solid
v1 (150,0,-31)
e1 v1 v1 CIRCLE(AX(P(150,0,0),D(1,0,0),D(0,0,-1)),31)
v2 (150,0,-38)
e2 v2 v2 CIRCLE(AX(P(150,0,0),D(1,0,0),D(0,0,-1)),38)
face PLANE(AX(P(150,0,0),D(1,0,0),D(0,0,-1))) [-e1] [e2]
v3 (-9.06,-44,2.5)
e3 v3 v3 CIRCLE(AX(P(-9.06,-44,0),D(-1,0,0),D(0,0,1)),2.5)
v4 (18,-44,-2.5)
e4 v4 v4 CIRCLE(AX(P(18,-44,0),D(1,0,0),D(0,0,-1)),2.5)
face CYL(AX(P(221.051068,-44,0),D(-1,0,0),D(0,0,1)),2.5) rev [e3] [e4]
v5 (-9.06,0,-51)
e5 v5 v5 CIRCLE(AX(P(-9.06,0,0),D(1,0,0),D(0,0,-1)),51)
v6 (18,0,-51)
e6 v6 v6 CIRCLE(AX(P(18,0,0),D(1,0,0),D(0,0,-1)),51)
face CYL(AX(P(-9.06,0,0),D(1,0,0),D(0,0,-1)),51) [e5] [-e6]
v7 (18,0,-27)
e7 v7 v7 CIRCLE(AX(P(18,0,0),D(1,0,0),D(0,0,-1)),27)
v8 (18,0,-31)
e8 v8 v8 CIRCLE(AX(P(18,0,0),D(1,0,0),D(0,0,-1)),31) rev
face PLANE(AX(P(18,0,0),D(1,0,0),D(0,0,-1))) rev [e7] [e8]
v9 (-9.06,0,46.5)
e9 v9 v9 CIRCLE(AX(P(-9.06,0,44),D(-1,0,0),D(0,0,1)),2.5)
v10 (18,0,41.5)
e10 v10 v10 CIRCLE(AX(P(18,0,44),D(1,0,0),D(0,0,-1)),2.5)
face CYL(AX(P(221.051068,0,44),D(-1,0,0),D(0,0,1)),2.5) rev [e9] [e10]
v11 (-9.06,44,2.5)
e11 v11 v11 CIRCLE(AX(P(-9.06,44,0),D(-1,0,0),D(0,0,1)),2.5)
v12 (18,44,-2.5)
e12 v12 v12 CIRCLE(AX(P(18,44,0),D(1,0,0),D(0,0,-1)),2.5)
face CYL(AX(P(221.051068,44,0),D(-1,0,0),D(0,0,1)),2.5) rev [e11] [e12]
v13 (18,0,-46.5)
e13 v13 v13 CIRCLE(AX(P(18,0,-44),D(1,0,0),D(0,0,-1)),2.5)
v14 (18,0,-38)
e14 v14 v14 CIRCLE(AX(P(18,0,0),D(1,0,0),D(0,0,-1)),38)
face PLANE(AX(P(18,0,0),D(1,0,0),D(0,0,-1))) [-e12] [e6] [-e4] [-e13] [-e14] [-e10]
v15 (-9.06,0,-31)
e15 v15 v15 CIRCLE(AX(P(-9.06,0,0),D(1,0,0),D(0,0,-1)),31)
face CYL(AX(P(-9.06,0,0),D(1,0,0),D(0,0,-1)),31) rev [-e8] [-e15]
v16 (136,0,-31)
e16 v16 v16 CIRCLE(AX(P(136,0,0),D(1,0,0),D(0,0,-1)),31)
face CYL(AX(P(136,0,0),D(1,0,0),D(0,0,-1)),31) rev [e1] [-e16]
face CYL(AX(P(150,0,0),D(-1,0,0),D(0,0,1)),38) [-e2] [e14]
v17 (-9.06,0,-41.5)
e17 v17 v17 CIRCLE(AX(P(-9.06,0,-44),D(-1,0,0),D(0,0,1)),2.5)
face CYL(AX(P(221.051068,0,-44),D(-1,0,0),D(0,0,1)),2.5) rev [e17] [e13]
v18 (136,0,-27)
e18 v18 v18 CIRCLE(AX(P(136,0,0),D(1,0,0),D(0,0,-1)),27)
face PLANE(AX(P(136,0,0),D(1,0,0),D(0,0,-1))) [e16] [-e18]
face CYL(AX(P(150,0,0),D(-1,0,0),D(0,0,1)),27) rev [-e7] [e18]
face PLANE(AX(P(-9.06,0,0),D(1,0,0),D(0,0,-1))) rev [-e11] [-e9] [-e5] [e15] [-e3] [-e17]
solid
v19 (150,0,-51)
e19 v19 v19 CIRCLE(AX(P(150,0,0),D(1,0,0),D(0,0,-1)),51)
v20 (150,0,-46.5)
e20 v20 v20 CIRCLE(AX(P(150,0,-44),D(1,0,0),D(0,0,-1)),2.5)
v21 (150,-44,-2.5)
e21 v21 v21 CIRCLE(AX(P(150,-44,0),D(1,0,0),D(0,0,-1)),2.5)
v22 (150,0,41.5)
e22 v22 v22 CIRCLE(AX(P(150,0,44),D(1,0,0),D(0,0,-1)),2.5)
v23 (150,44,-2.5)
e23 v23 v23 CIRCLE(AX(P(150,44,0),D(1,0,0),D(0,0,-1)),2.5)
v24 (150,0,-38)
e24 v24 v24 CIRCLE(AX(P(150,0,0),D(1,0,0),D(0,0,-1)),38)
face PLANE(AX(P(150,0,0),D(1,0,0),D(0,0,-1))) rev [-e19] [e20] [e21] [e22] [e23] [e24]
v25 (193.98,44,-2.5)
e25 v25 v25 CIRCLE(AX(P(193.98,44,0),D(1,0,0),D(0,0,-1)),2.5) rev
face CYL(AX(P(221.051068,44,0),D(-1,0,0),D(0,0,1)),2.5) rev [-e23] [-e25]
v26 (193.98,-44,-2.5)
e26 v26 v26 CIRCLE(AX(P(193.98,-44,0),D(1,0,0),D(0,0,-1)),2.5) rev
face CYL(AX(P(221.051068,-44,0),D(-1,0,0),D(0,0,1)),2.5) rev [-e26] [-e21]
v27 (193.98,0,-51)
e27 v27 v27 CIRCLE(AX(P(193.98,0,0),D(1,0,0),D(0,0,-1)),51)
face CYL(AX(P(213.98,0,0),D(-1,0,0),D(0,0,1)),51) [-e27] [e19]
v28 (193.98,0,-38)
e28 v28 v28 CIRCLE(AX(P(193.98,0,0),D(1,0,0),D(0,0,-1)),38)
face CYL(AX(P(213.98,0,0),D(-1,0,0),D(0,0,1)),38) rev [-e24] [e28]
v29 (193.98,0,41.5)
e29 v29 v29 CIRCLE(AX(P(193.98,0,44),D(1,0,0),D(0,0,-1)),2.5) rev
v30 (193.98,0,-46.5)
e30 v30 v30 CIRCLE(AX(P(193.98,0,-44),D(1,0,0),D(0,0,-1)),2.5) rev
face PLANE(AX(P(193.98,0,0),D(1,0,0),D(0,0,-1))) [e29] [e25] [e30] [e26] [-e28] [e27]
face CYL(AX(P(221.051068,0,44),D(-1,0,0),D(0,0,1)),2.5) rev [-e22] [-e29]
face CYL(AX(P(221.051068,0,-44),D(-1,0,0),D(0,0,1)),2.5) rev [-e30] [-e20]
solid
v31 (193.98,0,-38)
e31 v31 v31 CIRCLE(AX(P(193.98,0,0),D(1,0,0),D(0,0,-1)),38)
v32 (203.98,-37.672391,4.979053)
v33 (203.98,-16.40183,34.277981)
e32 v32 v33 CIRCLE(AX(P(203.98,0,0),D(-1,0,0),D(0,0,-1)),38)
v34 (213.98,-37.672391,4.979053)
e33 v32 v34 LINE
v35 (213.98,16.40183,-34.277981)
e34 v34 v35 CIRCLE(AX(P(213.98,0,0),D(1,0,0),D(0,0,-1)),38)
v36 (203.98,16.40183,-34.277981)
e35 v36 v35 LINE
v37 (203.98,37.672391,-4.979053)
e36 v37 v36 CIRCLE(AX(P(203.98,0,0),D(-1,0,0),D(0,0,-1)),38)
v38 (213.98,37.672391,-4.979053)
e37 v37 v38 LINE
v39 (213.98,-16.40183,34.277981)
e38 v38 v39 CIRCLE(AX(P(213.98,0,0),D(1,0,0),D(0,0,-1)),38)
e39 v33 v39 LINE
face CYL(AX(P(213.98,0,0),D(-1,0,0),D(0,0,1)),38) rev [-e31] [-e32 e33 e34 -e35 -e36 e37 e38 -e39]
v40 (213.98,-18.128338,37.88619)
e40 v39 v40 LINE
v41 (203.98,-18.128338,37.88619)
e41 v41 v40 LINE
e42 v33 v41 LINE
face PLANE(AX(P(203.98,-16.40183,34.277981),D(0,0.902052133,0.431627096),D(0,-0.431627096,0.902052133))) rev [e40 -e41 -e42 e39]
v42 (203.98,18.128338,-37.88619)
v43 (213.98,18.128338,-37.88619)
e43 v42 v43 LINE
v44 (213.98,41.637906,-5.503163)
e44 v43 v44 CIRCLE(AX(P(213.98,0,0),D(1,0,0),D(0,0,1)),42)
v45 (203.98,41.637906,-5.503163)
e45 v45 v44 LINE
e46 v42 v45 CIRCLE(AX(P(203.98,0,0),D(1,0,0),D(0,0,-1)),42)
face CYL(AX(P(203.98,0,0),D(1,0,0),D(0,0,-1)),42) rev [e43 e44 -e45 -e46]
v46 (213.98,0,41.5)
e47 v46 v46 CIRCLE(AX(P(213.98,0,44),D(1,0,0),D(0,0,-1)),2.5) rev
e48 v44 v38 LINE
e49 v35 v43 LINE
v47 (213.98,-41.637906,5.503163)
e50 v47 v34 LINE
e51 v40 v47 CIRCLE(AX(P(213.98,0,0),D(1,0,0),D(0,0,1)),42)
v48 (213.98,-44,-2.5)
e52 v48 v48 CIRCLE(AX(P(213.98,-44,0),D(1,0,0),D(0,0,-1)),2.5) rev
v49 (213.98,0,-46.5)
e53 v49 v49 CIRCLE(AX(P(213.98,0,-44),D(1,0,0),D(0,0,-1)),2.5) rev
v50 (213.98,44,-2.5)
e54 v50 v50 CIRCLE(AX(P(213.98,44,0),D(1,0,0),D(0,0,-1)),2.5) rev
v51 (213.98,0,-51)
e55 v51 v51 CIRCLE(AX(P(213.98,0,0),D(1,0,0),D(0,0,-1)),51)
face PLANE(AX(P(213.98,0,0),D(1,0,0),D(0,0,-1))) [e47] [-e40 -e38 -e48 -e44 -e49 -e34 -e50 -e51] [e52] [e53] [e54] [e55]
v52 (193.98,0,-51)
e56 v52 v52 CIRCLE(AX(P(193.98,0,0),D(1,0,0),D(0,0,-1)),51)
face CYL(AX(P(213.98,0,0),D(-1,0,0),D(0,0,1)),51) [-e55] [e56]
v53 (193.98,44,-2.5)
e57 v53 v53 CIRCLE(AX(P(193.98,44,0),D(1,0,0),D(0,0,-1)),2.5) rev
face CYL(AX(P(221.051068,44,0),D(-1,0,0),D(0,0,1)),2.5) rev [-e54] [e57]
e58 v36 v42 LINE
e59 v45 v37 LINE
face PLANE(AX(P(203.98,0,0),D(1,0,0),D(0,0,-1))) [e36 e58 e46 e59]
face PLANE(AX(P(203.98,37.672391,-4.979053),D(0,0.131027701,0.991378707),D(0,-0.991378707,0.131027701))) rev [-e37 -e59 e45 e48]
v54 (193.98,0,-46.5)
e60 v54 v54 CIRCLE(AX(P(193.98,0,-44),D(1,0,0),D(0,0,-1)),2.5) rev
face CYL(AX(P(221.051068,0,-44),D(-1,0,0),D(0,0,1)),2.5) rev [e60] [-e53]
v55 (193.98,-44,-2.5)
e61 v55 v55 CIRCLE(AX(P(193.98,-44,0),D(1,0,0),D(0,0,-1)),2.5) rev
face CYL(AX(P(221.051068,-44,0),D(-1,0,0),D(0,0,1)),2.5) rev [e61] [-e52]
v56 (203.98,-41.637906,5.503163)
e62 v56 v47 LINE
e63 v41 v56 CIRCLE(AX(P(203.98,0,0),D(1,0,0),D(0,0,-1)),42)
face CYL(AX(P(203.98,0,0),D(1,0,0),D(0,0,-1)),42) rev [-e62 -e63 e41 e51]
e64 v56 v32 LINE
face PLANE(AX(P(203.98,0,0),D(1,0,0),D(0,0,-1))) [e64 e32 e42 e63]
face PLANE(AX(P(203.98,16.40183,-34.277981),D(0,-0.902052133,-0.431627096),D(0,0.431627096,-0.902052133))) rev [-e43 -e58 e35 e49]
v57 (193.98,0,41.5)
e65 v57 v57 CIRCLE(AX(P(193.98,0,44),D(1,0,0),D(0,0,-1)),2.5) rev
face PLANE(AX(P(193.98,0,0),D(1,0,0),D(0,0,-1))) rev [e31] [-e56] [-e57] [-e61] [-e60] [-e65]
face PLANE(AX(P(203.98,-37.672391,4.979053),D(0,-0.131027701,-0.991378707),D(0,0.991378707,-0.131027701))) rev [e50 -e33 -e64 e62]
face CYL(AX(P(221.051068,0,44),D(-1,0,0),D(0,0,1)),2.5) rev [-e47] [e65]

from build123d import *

# Parameters (mm, degrees)
EXTRUDE_1_DEPTH      = 18
EXTRUDE_1_DEPTH_BACK = 9.06
SKETCH_1_R           = 51
SKETCH_1_R_2         = 31
SKETCH_2_R           = 38
SKETCH_2_R_2         = 27
EXTRUDE_2_DEPTH      = 132
SKETCH_3_R           = 51
SKETCH_3_R_2         = 38
EXTRUDE_3_DEPTH      = 63.98
CUT_EXTRUDE_START    = -223.04
SKETCH_4_R           = 2.5
CUT_EXTRUDE_1_DEPTH  = 223.04
CUT_EXTRUDE_START_2  = -10
CUT_EXTRUDE_2_DEPTH  = 10
SKETCH_6_R           = 31
CUT_EXTRUDE_3_DEPTH  = 14


with BuildPart() as part:
    # 草图1 → 凸台-拉伸1 (new, two sides: drawn at the far end of the back side and taken through both)
    with BuildSketch(Plane(origin=(0, 0, 0), x_dir=(0, 0, -1), z_dir=(1, 0, 0)).offset(-EXTRUDE_1_DEPTH_BACK)):
        Circle(SKETCH_1_R)
        Circle(SKETCH_1_R_2, mode=Mode.SUBTRACT)
    extrude(amount=EXTRUDE_1_DEPTH + EXTRUDE_1_DEPTH_BACK)

    # 草图2 → 凸台-拉伸2 (add)
    with BuildSketch(Plane(origin=(18, 0, 0), x_dir=(0, 0, -1), z_dir=(1, 0, 0))):
        Circle(SKETCH_2_R)
        Circle(SKETCH_2_R_2, mode=Mode.SUBTRACT)
    extrude(amount=EXTRUDE_2_DEPTH)


with BuildPart() as body_2:
    # 草图3 → 凸台-拉伸3 (new body)
    with BuildSketch(Plane(origin=(150, 0, 0), x_dir=(0, 0, -1), z_dir=(1, 0, 0))):
        Circle(SKETCH_3_R)
        Circle(SKETCH_3_R_2, mode=Mode.SUBTRACT)
    extrude(amount=EXTRUDE_3_DEPTH)


with BuildPart() as cut_extrude_1_tool:
    # 草图4 → 切除-拉伸1 (new body)
    with BuildSketch(Plane.ZY.offset(9.06).offset(CUT_EXTRUDE_START)):
        with Locations((0, 44)):
            Circle(SKETCH_4_R)
        with Locations((44, 0)):
            Circle(SKETCH_4_R)
        with Locations((0, -44)):
            Circle(SKETCH_4_R)
        with Locations((-44, 0)):
            Circle(SKETCH_4_R)
    extrude(amount=CUT_EXTRUDE_1_DEPTH)


with BuildPart() as part_1:
    add(part.part)

    # 切除-拉伸1: cut by cut_extrude_1_tool
    add(cut_extrude_1_tool.part, mode=Mode.SUBTRACT)

    # 草图6 → 切除-拉伸3 (cut)
    with BuildSketch(Plane(origin=(150, 0, 0), x_dir=(0, 0, -1), z_dir=(1, 0, 0))):
        Circle(SKETCH_6_R)
    extrude(amount=-CUT_EXTRUDE_3_DEPTH, mode=Mode.SUBTRACT)


with BuildPart() as body_2_1:
    add(body_2.part)

    # 切除-拉伸1: cut by cut_extrude_1_tool
    add(cut_extrude_1_tool.part, mode=Mode.SUBTRACT)

    # 草图5 → 切除-拉伸2 (cut)
    with BuildSketch(Plane(origin=(213.98, 0, 0), x_dir=(0, 0, -1), z_dir=(1, 0, 0)).offset(CUT_EXTRUDE_START_2)):
        with BuildLine():
            Line((4.979052634, 37.672390883), (5.503163437, 41.637905713))
            ThreePointArc((5.503163437, 41.637905713), (12.280668917, 40.16447648), (18.723271545, 37.595732506))
            ThreePointArc((18.723271545, 37.595732506), (26.533013809, 32.557628572), (33.043562457, 25.925334717))
            ThreePointArc((33.043562457, 25.925334717), (35.678505016, 22.159518943), (37.886189575, 18.128338023))
            Line((37.886189575, 18.128338023), (34.277981044, 16.40182964))
            ThreePointArc((34.277981044, 16.40182964), (32.280552158, 20.049088568), (29.896556508, 23.45625522))
            ThreePointArc((29.896556508, 23.45625522), (24.006060113, 29.456902041), (16.940102827, 34.015186553))
            ThreePointArc((16.940102827, 34.015186553), (11.111081401, 36.339288244), (4.979052634, 37.672390883))
        make_face()
        with BuildLine():
            Line((-4.979052634, -37.672390883), (-5.503163437, -41.637905713))
            ThreePointArc((-5.503163437, -41.637905713), (-12.280668917, -40.16447648), (-18.723271545, -37.595732506))
            ThreePointArc((-18.723271545, -37.595732506), (-26.533013809, -32.557628572), (-33.043562457, -25.925334717))
            ThreePointArc((-33.043562457, -25.925334717), (-35.678505016, -22.159518943), (-37.886189575, -18.128338023))
            Line((-37.886189575, -18.128338023), (-34.277981044, -16.40182964))
            ThreePointArc((-34.277981044, -16.40182964), (-32.280552158, -20.049088568), (-29.896556508, -23.45625522))
            ThreePointArc((-29.896556508, -23.45625522), (-24.006060113, -29.456902041), (-16.940102827, -34.015186553))
            ThreePointArc((-16.940102827, -34.015186553), (-11.111081401, -36.339288244), (-4.979052634, -37.672390883))
        make_face()
    extrude(amount=CUT_EXTRUDE_2_DEPTH, mode=Mode.SUBTRACT)


with BuildPart() as body_3:
    # Split Bodies 1: the piece on the far side of the plane
    add(body_2_1.part)
    split(bisect_by=Plane(origin=(193.98, 0, 0), x_dir=(0, 0, 1), z_dir=(1, 0, 0)), keep=Keep.BOTTOM)


with BuildPart() as body_2_2:
    add(body_2_1.part)

    # Split Bodies 1
    split(bisect_by=Plane(origin=(193.98, 0, 0), x_dir=(0, 0, 1), z_dir=(1, 0, 0)), keep=Keep.TOP)


solid = Compound([part_1.part, body_3.part, body_2_2.part])
